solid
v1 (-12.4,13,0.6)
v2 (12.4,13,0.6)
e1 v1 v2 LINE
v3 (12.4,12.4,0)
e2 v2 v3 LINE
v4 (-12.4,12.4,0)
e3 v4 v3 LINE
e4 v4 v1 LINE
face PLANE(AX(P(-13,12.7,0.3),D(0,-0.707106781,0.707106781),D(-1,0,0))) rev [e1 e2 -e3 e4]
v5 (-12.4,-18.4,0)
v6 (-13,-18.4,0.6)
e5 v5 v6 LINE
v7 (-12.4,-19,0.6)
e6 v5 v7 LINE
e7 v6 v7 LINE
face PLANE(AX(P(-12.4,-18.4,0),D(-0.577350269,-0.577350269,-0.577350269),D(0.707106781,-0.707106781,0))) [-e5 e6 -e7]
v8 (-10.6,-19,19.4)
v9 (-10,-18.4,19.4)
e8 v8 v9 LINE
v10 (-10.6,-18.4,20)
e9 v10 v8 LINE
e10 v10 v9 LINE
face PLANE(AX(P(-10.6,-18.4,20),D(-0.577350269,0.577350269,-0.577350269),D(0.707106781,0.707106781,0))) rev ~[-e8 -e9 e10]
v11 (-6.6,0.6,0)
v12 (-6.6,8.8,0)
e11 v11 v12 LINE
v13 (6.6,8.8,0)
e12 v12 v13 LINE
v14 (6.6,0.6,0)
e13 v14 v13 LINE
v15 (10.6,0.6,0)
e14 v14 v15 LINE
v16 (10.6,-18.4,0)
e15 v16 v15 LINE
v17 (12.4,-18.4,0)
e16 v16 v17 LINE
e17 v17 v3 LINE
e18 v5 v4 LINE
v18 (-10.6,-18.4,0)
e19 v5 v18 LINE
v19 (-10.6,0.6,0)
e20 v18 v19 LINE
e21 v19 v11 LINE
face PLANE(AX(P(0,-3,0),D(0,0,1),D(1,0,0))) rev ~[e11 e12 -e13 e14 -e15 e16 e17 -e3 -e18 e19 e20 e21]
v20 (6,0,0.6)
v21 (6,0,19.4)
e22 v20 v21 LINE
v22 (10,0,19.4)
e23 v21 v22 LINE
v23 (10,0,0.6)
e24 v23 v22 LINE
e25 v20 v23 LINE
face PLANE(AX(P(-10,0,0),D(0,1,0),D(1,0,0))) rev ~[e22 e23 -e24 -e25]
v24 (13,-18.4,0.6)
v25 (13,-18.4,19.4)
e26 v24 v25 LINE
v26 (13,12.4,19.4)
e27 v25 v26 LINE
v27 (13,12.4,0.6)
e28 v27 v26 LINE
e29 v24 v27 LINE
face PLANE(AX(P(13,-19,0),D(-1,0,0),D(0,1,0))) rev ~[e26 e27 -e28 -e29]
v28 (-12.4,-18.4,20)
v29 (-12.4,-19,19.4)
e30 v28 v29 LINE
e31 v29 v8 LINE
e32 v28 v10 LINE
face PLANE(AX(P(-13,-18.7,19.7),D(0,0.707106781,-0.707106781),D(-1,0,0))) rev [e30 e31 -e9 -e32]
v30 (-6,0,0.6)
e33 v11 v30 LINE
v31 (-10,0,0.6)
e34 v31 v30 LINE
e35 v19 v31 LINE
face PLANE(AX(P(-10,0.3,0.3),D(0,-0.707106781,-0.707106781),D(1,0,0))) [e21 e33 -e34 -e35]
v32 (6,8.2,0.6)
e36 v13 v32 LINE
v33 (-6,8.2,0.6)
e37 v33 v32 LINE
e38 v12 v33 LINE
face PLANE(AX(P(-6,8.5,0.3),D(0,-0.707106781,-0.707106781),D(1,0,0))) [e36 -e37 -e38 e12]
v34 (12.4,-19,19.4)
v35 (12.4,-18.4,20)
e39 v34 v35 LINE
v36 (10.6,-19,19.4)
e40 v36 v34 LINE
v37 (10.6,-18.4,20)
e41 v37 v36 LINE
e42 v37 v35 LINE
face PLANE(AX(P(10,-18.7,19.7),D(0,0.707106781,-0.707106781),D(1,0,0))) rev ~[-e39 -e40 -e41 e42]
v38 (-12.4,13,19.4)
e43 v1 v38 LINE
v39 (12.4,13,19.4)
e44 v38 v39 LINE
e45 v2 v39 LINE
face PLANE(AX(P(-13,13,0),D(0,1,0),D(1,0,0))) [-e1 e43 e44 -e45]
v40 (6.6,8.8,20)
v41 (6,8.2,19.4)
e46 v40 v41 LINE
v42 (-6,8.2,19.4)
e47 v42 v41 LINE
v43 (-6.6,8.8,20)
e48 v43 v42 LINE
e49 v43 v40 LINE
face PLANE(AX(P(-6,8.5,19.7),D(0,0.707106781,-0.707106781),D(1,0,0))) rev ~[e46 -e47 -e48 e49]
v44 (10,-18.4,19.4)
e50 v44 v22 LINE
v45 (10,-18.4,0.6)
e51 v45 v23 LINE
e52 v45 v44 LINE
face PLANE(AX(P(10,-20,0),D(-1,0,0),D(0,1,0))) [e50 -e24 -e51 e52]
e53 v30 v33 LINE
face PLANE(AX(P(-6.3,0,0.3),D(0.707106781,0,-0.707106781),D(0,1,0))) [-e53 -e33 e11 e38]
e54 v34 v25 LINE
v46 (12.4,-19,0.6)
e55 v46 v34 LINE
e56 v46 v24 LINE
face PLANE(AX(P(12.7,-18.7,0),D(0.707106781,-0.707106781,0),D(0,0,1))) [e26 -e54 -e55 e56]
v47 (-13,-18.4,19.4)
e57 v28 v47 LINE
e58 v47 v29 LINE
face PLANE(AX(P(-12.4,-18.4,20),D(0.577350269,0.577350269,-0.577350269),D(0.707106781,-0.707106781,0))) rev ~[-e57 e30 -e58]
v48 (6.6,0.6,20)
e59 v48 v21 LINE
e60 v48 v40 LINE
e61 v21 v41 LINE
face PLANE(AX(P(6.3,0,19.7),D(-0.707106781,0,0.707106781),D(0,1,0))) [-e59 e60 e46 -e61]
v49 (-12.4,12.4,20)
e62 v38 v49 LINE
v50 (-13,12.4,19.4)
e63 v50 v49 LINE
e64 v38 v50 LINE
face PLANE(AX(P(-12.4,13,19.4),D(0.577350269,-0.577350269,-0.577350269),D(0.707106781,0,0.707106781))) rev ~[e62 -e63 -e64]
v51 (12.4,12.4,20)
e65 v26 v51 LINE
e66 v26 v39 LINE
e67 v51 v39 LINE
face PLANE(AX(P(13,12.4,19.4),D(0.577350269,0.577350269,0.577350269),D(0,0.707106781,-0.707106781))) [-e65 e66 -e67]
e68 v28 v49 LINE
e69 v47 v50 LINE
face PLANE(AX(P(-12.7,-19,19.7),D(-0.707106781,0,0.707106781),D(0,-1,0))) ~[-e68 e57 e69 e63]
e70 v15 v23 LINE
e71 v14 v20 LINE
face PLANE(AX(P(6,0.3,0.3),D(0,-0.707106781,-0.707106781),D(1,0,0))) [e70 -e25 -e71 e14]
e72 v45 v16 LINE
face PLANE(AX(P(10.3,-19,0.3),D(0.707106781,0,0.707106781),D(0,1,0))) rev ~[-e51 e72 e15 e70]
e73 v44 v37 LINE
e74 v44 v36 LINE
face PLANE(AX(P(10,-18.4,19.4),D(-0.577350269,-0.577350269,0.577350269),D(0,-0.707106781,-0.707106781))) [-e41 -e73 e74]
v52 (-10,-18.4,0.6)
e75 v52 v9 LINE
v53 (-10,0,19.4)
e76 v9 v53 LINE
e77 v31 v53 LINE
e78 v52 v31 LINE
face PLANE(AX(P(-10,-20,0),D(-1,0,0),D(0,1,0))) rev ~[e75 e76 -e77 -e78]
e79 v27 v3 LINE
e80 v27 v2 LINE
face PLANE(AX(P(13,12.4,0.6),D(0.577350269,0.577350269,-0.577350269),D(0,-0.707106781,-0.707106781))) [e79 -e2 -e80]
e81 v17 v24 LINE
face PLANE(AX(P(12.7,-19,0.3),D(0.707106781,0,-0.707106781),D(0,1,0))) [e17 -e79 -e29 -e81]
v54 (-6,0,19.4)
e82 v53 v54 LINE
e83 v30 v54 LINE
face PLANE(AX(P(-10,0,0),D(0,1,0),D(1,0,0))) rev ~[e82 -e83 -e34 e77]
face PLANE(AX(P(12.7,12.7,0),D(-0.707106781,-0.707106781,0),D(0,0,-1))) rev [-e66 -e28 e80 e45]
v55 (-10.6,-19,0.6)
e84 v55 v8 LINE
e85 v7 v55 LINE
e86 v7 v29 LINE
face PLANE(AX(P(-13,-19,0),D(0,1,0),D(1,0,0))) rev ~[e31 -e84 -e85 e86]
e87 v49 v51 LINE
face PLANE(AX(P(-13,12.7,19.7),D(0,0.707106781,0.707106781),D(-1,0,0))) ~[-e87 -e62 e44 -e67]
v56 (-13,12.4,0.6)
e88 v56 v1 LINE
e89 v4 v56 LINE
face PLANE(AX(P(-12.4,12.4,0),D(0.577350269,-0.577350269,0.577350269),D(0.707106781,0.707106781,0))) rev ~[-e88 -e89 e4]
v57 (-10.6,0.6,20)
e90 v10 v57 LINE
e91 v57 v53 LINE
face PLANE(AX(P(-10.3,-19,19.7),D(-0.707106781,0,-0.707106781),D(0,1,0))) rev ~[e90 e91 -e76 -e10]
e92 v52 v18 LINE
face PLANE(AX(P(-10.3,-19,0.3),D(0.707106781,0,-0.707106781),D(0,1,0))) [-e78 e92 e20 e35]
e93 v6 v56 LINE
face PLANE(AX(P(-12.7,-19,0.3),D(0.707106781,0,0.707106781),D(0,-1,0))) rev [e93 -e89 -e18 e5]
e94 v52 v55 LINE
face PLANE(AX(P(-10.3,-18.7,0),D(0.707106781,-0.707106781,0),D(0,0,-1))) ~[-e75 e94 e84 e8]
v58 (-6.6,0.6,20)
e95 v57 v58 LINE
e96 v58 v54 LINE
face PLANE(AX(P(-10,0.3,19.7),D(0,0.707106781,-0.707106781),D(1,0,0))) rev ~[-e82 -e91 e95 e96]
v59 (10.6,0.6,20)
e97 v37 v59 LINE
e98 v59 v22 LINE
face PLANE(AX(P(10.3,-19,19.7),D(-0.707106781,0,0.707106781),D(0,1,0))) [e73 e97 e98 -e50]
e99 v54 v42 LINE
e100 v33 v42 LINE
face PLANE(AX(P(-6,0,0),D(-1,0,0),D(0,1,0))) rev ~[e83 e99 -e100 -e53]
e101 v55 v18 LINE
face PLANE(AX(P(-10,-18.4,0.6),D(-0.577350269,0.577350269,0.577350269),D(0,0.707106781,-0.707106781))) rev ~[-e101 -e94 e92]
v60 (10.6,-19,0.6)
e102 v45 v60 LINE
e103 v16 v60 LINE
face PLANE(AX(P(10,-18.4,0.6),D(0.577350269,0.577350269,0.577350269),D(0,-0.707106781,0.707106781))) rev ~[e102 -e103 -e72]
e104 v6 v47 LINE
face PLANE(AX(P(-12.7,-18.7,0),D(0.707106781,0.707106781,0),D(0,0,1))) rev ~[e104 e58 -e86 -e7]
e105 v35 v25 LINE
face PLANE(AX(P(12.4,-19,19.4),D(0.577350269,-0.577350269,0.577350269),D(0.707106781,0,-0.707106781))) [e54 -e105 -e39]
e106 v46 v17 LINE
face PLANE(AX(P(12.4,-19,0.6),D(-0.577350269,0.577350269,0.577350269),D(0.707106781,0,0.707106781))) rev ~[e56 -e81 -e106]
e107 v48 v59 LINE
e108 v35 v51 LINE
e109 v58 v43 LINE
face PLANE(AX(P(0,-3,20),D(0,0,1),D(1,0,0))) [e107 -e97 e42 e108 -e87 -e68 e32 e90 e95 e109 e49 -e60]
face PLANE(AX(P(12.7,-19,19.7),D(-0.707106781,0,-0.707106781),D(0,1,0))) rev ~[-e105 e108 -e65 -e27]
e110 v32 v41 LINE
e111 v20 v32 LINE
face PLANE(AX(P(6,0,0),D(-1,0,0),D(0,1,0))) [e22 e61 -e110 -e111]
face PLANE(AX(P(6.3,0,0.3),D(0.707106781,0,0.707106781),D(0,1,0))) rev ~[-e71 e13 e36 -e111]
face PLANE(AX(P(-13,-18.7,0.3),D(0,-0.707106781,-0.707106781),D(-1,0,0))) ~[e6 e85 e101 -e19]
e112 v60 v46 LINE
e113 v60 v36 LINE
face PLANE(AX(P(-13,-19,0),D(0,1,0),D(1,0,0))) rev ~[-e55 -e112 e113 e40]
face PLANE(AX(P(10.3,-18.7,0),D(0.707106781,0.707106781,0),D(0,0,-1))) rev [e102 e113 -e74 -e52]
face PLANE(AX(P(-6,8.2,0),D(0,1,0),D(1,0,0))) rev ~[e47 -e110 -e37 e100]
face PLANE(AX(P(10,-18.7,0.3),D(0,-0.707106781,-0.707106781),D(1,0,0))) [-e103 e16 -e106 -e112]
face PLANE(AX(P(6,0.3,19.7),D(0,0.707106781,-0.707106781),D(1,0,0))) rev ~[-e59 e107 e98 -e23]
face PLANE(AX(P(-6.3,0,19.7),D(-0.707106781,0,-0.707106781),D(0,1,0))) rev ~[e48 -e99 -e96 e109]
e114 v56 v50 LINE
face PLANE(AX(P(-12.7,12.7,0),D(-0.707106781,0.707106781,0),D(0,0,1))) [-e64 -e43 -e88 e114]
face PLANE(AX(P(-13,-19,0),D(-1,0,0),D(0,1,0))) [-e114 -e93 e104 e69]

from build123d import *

# Parameters (mm, degrees)
BOX008_W        = 20
BOX008_H        = 20
BOX008_DEPTH    = 20
BOX_W           = 12
BOX_H           = 8.2
BOX_DEPTH       = 20
BOX009_W        = 26
BOX009_H        = 32
BOX009_DEPTH    = 20
CHAMFER002_SIZE = 0.6


with BuildPart() as cube008:
    # Box008 → Box008 (new body)
    with BuildSketch(Plane(origin=(-10, -20, 0), x_dir=(1, 0, 0), z_dir=(0, 0, 1))):
        with Locations((10, 10)):
            Rectangle(BOX008_W, BOX008_H)
    extrude(amount=BOX008_DEPTH)


with BuildPart() as fusion002:
    # Box → Box (new body)
    with BuildSketch(Plane(origin=(-6, 0, 0), x_dir=(1, 0, 0), z_dir=(0, 0, 1))):
        with Locations((6, 4.1)):
            Rectangle(BOX_W, BOX_H)
    extrude(amount=BOX_DEPTH)

    # Fusion002: union Cube008
    add(cube008.part)


with BuildPart() as chamfer002:
    # Box009 → Box009 (new body)
    with BuildSketch(Plane(origin=(-13, -19, 0), x_dir=(1, 0, 0), z_dir=(0, 0, 1))):
        with Locations((13, 16)):
            Rectangle(BOX009_W, BOX009_H)
    extrude(amount=BOX009_DEPTH)

    # Cut003: cut Fusion002
    add(fusion002.part, mode=Mode.SUBTRACT)

    # Chamfer002
    chamfer002_edges = [chamfer002.edges().sort_by_distance(p)[0] for p in [
        (-13, -19, 10),
        (-13, -3, 20),
        (-13, 13, 10),
        (-13, -3, 0),
        (-11.5, -19, 0),
        (-10, -19, 10),
        (-11.5, -19, 20),
        (0, 13, 20),
        (13, -3, 20),
        (11.5, -19, 20),
        (10, -9.5, 20),
        (8, 0, 20),
        (6, 4.1, 20),
        (0, 8.2, 20),
        (-6, 4.1, 20),
        (-8, 0, 20),
        (-10, -9.5, 20),
        (0, 13, 0),
        (13, 13, 10),
        (13, -3, 0),
        (11.5, -19, 0),
        (10, -9.5, 0),
        (8, 0, 0),
        (6, 4.1, 0),
        (0, 8.2, 0),
        (-6, 4.1, 0),
        (-8, 0, 0),
        (-10, -9.5, 0),
        (13, -19, 10),
        (10, -19, 10),
    ]]
    chamfer(chamfer002_edges, length=CHAMFER002_SIZE)


solid = chamfer002.part
